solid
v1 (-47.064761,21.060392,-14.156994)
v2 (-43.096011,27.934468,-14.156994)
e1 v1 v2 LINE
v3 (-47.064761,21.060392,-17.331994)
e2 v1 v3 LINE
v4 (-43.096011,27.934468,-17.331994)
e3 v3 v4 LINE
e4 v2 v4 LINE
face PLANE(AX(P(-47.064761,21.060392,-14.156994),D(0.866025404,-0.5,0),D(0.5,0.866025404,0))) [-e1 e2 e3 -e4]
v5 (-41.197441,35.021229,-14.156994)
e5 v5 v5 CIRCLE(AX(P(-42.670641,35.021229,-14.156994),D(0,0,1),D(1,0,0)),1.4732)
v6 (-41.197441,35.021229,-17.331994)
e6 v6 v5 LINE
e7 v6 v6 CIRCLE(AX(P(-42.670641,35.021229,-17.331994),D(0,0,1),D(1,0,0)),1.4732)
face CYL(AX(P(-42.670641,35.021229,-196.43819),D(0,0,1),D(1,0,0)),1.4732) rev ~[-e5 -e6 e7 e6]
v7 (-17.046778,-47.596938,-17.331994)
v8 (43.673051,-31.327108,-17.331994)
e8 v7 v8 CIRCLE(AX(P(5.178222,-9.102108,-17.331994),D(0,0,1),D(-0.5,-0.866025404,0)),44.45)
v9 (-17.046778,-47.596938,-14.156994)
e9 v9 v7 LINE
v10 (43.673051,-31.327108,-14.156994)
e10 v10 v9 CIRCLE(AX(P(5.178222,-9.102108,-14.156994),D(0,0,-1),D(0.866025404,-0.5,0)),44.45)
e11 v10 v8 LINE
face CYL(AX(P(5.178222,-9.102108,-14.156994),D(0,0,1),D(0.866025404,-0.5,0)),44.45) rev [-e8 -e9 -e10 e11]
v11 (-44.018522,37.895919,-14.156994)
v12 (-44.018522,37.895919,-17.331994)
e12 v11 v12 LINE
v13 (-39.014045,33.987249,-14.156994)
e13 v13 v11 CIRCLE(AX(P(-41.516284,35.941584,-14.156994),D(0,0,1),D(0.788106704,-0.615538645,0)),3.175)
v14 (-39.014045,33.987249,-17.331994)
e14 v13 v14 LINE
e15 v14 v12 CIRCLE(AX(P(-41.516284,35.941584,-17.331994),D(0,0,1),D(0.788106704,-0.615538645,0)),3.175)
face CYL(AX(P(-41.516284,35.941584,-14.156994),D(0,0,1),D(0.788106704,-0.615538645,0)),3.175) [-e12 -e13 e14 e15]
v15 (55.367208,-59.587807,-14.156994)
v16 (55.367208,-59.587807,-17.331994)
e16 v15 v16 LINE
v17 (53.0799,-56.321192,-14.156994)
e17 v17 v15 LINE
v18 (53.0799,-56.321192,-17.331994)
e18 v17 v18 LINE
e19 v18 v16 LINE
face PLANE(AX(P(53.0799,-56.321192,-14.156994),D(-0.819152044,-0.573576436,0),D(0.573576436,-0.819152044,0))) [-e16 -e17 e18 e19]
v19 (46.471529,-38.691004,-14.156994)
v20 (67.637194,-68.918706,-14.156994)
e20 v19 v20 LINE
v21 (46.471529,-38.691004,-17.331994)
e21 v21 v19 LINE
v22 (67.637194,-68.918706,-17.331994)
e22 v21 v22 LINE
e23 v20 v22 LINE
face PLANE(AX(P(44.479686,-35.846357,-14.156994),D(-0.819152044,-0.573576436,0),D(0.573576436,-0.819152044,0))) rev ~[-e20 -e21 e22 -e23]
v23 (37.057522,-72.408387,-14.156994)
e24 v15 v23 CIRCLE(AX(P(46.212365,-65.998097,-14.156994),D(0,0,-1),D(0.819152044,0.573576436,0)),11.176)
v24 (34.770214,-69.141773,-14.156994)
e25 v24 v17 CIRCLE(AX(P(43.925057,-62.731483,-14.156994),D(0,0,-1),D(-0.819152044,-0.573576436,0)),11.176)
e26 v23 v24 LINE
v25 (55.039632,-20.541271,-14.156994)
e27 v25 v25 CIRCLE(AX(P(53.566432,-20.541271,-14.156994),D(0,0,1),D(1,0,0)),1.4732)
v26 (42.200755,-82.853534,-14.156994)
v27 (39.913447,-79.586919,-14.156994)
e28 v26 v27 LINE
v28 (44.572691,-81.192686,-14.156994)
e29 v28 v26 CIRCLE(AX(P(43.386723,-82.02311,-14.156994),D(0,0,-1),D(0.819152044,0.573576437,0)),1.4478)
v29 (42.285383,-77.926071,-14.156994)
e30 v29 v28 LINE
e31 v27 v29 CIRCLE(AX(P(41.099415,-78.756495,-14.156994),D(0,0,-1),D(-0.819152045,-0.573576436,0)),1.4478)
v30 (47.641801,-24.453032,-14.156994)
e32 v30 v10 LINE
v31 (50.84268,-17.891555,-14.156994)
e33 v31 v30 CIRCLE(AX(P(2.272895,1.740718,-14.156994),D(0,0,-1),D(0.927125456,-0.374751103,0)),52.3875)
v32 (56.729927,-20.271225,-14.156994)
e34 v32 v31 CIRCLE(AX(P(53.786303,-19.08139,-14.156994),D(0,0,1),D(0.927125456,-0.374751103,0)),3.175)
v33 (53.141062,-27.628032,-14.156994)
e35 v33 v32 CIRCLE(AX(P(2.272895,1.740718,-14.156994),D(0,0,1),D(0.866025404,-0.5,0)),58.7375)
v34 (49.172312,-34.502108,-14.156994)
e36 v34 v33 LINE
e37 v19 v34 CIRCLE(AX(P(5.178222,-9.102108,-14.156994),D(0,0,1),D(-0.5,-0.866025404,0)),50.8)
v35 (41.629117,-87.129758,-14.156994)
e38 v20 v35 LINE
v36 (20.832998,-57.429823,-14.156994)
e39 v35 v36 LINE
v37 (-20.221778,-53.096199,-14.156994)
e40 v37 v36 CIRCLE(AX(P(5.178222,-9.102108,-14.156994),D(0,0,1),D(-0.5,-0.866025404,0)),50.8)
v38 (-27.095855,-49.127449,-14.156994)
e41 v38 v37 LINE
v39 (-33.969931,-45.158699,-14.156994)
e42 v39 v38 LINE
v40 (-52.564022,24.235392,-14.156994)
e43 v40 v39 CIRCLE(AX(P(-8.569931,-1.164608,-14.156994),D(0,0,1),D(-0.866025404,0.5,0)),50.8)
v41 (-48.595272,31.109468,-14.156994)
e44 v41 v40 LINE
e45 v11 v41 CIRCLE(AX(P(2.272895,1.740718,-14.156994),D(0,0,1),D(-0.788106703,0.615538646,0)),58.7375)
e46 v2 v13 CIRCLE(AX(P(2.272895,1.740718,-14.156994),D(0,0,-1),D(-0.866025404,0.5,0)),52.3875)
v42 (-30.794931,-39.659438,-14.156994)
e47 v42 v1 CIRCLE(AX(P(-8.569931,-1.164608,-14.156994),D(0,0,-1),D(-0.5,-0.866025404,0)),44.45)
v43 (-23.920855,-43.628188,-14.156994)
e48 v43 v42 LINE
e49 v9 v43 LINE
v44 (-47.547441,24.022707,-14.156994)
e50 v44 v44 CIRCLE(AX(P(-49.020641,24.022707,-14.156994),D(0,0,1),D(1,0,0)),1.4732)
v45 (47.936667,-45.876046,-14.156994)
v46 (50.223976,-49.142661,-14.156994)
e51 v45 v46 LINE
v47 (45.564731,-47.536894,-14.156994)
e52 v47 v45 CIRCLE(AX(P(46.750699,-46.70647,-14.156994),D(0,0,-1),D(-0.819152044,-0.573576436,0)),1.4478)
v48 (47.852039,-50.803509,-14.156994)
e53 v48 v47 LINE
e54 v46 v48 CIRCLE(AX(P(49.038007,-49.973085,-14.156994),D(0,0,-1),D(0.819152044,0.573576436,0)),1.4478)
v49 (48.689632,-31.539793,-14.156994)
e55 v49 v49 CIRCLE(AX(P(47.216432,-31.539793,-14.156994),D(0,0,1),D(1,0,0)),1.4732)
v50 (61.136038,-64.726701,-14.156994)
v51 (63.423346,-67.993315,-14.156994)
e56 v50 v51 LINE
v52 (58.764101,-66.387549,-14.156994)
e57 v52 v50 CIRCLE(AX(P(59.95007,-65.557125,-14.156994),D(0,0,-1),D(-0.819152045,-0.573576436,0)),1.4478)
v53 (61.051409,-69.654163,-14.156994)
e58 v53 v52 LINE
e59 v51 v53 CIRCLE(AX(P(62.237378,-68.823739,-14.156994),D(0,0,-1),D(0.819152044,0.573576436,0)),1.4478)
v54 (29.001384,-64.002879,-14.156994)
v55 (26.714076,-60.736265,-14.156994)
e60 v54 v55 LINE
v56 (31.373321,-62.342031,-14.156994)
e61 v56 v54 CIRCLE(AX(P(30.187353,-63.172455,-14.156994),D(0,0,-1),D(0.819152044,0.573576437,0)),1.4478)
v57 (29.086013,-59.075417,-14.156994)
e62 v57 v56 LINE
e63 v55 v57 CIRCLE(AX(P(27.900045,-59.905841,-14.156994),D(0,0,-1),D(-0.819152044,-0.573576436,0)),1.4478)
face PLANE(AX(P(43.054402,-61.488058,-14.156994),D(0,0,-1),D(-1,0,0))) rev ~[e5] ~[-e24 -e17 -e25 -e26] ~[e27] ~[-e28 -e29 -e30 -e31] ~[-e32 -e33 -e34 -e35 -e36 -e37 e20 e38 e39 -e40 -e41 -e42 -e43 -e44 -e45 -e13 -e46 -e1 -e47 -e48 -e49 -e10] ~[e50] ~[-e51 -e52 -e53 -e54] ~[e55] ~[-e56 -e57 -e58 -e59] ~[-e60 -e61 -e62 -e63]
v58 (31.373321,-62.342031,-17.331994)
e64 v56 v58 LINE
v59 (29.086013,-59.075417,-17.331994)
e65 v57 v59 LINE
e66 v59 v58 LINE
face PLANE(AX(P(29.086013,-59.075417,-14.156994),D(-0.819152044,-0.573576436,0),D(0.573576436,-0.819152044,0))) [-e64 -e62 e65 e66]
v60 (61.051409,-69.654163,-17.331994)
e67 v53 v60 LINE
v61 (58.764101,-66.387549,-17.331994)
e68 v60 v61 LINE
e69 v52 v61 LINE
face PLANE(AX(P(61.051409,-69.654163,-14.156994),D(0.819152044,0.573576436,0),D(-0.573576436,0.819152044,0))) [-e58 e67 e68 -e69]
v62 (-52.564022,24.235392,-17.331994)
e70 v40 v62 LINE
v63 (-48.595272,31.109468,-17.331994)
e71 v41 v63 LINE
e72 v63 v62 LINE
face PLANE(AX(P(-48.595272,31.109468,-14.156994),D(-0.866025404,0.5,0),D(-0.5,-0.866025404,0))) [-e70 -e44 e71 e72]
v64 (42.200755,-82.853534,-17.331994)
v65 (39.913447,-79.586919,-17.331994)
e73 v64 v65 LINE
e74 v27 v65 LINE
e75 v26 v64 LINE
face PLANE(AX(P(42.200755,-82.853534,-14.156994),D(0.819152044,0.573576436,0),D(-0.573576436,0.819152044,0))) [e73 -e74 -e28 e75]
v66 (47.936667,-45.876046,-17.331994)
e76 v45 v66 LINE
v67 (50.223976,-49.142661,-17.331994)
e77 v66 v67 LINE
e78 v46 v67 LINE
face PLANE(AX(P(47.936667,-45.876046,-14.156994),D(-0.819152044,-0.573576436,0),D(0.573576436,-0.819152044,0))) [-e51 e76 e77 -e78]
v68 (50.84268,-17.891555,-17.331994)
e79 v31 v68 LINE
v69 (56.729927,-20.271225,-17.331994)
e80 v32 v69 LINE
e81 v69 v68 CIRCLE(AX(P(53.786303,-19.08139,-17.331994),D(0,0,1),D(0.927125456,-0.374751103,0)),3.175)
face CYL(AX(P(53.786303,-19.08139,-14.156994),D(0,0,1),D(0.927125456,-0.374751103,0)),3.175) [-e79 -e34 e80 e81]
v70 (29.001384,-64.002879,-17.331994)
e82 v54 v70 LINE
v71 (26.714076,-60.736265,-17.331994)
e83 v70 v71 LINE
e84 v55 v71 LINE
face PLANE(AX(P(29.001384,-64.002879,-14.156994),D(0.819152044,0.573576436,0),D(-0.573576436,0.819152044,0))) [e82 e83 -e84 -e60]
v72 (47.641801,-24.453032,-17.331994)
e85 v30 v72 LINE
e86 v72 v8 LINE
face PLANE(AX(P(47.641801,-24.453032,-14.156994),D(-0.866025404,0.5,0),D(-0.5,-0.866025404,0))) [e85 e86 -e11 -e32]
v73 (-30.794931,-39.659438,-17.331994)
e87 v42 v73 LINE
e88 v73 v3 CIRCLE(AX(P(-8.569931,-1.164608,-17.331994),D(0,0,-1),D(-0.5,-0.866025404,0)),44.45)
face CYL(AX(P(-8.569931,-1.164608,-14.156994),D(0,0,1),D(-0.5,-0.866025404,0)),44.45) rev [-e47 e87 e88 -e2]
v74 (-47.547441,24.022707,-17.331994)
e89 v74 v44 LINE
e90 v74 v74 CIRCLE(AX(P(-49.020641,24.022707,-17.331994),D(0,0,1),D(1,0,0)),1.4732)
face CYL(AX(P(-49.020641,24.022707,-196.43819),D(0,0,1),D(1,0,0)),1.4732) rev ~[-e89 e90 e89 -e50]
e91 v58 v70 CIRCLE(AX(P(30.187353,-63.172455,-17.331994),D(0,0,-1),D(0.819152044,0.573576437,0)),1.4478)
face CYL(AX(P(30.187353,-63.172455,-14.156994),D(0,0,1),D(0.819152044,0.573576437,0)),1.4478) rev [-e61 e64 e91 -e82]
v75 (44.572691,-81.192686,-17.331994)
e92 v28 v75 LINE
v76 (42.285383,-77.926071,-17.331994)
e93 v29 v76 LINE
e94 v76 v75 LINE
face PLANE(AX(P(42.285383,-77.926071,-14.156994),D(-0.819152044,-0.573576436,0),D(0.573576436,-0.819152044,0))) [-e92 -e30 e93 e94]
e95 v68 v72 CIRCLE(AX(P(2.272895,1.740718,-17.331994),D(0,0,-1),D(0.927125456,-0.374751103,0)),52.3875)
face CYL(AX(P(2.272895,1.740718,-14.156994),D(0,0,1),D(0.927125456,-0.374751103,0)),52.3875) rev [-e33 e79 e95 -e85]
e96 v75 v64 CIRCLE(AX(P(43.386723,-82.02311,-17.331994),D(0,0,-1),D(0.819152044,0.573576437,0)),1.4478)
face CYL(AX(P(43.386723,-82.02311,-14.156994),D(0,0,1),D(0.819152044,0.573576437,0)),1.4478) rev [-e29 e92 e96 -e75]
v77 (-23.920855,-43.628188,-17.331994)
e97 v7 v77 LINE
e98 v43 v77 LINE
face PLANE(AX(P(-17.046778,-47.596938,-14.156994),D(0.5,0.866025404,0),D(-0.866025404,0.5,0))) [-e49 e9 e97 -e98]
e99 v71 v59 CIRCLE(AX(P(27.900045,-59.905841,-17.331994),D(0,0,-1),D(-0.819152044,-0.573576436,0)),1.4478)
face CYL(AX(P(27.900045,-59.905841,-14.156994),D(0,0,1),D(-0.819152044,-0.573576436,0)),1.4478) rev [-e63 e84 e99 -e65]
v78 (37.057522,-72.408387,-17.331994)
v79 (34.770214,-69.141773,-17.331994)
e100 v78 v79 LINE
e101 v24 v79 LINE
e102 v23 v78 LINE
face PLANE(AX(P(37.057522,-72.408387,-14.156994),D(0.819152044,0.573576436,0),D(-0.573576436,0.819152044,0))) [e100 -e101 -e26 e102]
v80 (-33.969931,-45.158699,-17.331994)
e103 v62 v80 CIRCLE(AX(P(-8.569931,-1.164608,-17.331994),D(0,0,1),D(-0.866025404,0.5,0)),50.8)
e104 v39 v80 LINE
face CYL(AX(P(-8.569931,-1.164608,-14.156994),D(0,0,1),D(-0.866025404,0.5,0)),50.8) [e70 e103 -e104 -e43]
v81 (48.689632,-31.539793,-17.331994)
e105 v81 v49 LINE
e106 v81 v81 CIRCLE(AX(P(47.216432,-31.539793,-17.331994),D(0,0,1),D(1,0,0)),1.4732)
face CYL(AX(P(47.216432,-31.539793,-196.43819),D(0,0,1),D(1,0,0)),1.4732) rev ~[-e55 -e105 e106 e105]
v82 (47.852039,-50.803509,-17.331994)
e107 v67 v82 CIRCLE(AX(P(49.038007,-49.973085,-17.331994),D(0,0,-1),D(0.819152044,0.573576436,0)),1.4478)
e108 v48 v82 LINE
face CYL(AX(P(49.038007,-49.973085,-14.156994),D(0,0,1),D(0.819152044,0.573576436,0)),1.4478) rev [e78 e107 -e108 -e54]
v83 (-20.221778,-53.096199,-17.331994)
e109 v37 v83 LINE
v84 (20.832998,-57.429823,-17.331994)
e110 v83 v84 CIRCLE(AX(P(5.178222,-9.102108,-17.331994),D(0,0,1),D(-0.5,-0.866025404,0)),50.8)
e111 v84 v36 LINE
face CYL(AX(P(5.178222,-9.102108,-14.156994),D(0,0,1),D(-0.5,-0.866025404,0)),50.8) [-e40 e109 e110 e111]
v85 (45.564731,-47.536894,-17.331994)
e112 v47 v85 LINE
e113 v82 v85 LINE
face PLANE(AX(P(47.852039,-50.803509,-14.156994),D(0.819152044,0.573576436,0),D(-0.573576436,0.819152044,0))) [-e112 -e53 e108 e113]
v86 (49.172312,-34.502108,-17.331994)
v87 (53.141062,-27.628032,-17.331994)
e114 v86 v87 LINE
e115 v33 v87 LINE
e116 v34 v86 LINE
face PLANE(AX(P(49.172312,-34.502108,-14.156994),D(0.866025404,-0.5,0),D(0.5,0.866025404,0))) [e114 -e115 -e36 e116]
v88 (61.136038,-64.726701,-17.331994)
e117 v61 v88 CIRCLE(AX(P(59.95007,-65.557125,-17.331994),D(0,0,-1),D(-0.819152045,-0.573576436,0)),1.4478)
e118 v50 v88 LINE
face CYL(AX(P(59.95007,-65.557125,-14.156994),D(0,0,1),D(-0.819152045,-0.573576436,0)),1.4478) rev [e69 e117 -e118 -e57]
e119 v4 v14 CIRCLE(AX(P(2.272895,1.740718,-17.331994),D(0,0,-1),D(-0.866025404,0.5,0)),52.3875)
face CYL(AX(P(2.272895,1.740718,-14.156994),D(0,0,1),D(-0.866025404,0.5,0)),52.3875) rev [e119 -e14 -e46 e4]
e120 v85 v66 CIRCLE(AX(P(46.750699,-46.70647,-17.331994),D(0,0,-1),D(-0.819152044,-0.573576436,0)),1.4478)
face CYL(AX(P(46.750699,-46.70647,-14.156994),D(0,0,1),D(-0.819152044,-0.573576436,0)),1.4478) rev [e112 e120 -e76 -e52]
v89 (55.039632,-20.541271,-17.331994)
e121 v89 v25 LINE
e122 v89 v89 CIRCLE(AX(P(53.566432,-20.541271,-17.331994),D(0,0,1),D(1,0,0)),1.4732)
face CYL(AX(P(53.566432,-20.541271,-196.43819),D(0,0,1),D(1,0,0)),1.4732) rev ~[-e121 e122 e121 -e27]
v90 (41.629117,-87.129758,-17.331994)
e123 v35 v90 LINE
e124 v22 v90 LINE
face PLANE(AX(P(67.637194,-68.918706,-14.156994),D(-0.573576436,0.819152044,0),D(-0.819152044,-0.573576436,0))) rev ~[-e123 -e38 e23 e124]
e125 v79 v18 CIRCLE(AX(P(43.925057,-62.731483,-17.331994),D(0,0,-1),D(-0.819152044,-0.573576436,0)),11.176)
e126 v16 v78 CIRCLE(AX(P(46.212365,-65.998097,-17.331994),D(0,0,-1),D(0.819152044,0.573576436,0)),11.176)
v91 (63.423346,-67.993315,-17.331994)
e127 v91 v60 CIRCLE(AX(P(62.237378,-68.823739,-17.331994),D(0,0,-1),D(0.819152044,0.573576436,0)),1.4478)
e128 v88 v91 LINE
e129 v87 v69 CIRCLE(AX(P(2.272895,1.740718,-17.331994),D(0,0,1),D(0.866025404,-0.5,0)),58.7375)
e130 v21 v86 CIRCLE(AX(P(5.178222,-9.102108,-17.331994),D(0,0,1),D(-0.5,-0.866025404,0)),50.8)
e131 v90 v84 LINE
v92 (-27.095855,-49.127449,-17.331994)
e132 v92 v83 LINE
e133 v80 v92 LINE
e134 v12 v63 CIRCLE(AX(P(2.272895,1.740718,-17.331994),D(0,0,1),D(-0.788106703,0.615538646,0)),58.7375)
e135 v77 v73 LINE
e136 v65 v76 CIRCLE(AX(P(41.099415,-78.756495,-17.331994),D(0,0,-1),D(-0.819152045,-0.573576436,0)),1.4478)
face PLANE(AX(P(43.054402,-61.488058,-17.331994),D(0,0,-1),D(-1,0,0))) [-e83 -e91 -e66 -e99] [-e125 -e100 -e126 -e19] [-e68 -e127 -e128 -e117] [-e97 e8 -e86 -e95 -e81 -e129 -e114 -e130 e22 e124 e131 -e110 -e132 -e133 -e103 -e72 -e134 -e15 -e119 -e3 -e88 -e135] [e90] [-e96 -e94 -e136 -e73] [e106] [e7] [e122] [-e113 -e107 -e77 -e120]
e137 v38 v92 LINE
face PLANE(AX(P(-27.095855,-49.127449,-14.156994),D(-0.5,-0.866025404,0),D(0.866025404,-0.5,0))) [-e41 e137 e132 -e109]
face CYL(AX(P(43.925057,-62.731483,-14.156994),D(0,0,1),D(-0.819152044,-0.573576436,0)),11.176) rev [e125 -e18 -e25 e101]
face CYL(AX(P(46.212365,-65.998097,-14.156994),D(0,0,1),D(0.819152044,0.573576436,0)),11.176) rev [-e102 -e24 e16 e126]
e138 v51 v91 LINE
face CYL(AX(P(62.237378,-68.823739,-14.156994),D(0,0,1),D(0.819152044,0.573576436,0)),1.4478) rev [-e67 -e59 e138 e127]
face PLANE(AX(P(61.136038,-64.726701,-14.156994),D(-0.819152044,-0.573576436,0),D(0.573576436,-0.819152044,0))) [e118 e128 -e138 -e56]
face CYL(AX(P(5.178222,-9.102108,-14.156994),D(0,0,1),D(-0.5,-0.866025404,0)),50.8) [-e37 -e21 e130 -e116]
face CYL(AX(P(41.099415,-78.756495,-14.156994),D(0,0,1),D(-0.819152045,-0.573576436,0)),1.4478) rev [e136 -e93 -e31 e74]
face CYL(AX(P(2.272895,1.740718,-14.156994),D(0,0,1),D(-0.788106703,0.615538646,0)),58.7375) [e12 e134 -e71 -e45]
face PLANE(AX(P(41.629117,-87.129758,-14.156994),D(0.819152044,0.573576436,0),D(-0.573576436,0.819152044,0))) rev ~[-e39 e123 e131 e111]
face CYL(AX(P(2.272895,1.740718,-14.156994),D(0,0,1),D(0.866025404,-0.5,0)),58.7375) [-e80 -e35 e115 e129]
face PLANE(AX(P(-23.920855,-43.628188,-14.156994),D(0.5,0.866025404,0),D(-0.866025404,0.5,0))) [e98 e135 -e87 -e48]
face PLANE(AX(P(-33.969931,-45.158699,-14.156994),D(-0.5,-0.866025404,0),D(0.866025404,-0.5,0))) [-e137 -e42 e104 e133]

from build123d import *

# Parameters (mm, degrees)
BOSS_EXTRUDE1_DEPTH   = 3.175
BOSS_EXTRUDE2_DEPTH   = 3.175
F_4_CLEARANCE_HOLE1_D = 2.9464


with BuildPart() as part:
    # Sketch1 → Boss-Extrude1 (new body)
    with BuildSketch(Plane(origin=(0, 0, -14.15699402), x_dir=(-1, 0, 0), z_dir=(0, 0, -1))):
        with BuildLine():
            Line((-49.172312317, -34.502108483), (-53.141062317, -27.628031841))
            ThreePointArc((-53.141062317, -27.628031841), (-55.063803638, -24.012221257), (-56.72992661, -20.271224785))
            ThreePointArc((-56.72992661, -20.271224785), (-54.976138042, -16.13776671), (-50.842679967, -17.891555277))
            ThreePointArc((-50.842679967, -17.891555277), (-49.356678398, -21.228119699), (-47.641801003, -24.453031841))
            Line((-47.641801003, -24.453031841), (-43.673051003, -31.327108483))
            ThreePointArc((-43.673051003, -31.327108483), (-16.68272836, -52.037511462), (17.046778195, -47.596937682))
            Line((17.046778195, -47.596937682), (23.920854837, -43.628187682))
            Line((23.920854837, -43.628187682), (30.79493148, -39.659437682))
            ThreePointArc((30.79493148, -39.659437682), (51.505334458, -12.669115038), (47.064760678, 21.060391517))
            Line((47.064760678, 21.060391517), (43.096010678, 27.934468159))
            ThreePointArc((43.096010678, 27.934468159), (41.160593535, 31.032051618), (39.01404477, 33.987248938))
            ThreePointArc((39.01404477, 33.987248938), (39.561948355, 38.44382292), (44.018522337, 37.895919335))
            ThreePointArc((44.018522337, 37.895919335), (46.425258832, 34.58251628), (48.595271992, 31.109468159))
            Line((48.595271992, 31.109468159), (52.564021992, 24.235391517))
            ThreePointArc((52.564021992, 24.235391517), (57.638963455, -14.312615975), (33.96993148, -45.158698996))
            Line((33.96993148, -45.158698996), (27.095854837, -49.127448996))
            Line((27.095854837, -49.127448996), (20.221778195, -53.096198996))
            ThreePointArc((20.221778195, -53.096198996), (-18.326229296, -58.171140459), (-49.172312317, -34.502108483))
        make_face()
    extrude(amount=BOSS_EXTRUDE1_DEPTH)

    # Sketch6 → Boss-Extrude2 (add)
    with BuildSketch(Plane.XY.offset(-14.15699402)):
        Polygon((67.637194266, -68.918706291), (41.629116859, -87.129758146), (18.471608801, -54.057409171), (44.479686207, -35.846357317), align=None)
        with BuildLine():
            Line((53.079900319, -56.321192451), (55.367208432, -59.587806973))
            ThreePointArc((55.367208432, -59.587806973), (52.622655438, -75.152940473), (37.057521938, -72.408387479))
            Line((37.057521938, -72.408387479), (34.770213825, -69.141772956))
            ThreePointArc((34.770213825, -69.141772956), (37.51476682, -53.576639457), (53.079900319, -56.321192451))
        make_face(mode=Mode.SUBTRACT)
        with BuildLine():
            Line((42.200754795, -82.853533634), (39.913446682, -79.586919112))
            ThreePointArc((39.913446682, -79.586919112), (40.268991048, -77.570526818), (42.285383342, -77.926071183))
            Line((42.285383342, -77.926071183), (44.572691455, -81.192685705))
            ThreePointArc((44.572691455, -81.192685705), (44.21714709, -83.209078), (42.200754795, -82.853533634))
        make_face(mode=Mode.SUBTRACT)
        with BuildLine():
            Line((29.086012958, -59.075416679), (31.373321071, -62.342031201))
            ThreePointArc((31.373321071, -62.342031201), (31.017776706, -64.358423496), (29.001384411, -64.00287913))
            Line((29.001384411, -64.00287913), (26.714076299, -60.736264608))
            ThreePointArc((26.714076299, -60.736264608), (27.069620664, -58.719872314), (29.086012958, -59.075416679))
        make_face(mode=Mode.SUBTRACT)
        with BuildLine():
            Line((47.936667462, -45.876046295), (50.223975575, -49.142660817))
            ThreePointArc((50.223975575, -49.142660817), (49.86843121, -51.159053112), (47.852038915, -50.803508747))
            Line((47.852038915, -50.803508747), (45.564730803, -47.536894224))
            ThreePointArc((45.564730803, -47.536894224), (45.920275168, -45.52050193), (47.936667462, -45.876046295))
        make_face(mode=Mode.SUBTRACT)
        with BuildLine():
            Line((61.136037846, -64.726700799), (63.423345959, -67.993315321))
            ThreePointArc((63.423345959, -67.993315321), (63.067801594, -70.009707616), (61.051409299, -69.654163251))
            Line((61.051409299, -69.654163251), (58.764101186, -66.387548728))
            ThreePointArc((58.764101186, -66.387548728), (59.119645552, -64.371156434), (61.136037846, -64.726700799))
        make_face(mode=Mode.SUBTRACT)
    extrude(amount=-BOSS_EXTRUDE2_DEPTH)

    # #4 Clearance Hole1 (through all)
    with Locations(Plane(origin=(0, 0, -17.33199402), x_dir=(-1, 0, 0), z_dir=(0, 0, -1))):
        with Locations((-53.56643166, -20.541270527), (-47.21643166, -31.539793155), (42.670641335, 35.021229473), (49.020641335, 24.022706845)):
            Hole(F_4_CLEARANCE_HOLE1_D / 2)


solid = part.part
